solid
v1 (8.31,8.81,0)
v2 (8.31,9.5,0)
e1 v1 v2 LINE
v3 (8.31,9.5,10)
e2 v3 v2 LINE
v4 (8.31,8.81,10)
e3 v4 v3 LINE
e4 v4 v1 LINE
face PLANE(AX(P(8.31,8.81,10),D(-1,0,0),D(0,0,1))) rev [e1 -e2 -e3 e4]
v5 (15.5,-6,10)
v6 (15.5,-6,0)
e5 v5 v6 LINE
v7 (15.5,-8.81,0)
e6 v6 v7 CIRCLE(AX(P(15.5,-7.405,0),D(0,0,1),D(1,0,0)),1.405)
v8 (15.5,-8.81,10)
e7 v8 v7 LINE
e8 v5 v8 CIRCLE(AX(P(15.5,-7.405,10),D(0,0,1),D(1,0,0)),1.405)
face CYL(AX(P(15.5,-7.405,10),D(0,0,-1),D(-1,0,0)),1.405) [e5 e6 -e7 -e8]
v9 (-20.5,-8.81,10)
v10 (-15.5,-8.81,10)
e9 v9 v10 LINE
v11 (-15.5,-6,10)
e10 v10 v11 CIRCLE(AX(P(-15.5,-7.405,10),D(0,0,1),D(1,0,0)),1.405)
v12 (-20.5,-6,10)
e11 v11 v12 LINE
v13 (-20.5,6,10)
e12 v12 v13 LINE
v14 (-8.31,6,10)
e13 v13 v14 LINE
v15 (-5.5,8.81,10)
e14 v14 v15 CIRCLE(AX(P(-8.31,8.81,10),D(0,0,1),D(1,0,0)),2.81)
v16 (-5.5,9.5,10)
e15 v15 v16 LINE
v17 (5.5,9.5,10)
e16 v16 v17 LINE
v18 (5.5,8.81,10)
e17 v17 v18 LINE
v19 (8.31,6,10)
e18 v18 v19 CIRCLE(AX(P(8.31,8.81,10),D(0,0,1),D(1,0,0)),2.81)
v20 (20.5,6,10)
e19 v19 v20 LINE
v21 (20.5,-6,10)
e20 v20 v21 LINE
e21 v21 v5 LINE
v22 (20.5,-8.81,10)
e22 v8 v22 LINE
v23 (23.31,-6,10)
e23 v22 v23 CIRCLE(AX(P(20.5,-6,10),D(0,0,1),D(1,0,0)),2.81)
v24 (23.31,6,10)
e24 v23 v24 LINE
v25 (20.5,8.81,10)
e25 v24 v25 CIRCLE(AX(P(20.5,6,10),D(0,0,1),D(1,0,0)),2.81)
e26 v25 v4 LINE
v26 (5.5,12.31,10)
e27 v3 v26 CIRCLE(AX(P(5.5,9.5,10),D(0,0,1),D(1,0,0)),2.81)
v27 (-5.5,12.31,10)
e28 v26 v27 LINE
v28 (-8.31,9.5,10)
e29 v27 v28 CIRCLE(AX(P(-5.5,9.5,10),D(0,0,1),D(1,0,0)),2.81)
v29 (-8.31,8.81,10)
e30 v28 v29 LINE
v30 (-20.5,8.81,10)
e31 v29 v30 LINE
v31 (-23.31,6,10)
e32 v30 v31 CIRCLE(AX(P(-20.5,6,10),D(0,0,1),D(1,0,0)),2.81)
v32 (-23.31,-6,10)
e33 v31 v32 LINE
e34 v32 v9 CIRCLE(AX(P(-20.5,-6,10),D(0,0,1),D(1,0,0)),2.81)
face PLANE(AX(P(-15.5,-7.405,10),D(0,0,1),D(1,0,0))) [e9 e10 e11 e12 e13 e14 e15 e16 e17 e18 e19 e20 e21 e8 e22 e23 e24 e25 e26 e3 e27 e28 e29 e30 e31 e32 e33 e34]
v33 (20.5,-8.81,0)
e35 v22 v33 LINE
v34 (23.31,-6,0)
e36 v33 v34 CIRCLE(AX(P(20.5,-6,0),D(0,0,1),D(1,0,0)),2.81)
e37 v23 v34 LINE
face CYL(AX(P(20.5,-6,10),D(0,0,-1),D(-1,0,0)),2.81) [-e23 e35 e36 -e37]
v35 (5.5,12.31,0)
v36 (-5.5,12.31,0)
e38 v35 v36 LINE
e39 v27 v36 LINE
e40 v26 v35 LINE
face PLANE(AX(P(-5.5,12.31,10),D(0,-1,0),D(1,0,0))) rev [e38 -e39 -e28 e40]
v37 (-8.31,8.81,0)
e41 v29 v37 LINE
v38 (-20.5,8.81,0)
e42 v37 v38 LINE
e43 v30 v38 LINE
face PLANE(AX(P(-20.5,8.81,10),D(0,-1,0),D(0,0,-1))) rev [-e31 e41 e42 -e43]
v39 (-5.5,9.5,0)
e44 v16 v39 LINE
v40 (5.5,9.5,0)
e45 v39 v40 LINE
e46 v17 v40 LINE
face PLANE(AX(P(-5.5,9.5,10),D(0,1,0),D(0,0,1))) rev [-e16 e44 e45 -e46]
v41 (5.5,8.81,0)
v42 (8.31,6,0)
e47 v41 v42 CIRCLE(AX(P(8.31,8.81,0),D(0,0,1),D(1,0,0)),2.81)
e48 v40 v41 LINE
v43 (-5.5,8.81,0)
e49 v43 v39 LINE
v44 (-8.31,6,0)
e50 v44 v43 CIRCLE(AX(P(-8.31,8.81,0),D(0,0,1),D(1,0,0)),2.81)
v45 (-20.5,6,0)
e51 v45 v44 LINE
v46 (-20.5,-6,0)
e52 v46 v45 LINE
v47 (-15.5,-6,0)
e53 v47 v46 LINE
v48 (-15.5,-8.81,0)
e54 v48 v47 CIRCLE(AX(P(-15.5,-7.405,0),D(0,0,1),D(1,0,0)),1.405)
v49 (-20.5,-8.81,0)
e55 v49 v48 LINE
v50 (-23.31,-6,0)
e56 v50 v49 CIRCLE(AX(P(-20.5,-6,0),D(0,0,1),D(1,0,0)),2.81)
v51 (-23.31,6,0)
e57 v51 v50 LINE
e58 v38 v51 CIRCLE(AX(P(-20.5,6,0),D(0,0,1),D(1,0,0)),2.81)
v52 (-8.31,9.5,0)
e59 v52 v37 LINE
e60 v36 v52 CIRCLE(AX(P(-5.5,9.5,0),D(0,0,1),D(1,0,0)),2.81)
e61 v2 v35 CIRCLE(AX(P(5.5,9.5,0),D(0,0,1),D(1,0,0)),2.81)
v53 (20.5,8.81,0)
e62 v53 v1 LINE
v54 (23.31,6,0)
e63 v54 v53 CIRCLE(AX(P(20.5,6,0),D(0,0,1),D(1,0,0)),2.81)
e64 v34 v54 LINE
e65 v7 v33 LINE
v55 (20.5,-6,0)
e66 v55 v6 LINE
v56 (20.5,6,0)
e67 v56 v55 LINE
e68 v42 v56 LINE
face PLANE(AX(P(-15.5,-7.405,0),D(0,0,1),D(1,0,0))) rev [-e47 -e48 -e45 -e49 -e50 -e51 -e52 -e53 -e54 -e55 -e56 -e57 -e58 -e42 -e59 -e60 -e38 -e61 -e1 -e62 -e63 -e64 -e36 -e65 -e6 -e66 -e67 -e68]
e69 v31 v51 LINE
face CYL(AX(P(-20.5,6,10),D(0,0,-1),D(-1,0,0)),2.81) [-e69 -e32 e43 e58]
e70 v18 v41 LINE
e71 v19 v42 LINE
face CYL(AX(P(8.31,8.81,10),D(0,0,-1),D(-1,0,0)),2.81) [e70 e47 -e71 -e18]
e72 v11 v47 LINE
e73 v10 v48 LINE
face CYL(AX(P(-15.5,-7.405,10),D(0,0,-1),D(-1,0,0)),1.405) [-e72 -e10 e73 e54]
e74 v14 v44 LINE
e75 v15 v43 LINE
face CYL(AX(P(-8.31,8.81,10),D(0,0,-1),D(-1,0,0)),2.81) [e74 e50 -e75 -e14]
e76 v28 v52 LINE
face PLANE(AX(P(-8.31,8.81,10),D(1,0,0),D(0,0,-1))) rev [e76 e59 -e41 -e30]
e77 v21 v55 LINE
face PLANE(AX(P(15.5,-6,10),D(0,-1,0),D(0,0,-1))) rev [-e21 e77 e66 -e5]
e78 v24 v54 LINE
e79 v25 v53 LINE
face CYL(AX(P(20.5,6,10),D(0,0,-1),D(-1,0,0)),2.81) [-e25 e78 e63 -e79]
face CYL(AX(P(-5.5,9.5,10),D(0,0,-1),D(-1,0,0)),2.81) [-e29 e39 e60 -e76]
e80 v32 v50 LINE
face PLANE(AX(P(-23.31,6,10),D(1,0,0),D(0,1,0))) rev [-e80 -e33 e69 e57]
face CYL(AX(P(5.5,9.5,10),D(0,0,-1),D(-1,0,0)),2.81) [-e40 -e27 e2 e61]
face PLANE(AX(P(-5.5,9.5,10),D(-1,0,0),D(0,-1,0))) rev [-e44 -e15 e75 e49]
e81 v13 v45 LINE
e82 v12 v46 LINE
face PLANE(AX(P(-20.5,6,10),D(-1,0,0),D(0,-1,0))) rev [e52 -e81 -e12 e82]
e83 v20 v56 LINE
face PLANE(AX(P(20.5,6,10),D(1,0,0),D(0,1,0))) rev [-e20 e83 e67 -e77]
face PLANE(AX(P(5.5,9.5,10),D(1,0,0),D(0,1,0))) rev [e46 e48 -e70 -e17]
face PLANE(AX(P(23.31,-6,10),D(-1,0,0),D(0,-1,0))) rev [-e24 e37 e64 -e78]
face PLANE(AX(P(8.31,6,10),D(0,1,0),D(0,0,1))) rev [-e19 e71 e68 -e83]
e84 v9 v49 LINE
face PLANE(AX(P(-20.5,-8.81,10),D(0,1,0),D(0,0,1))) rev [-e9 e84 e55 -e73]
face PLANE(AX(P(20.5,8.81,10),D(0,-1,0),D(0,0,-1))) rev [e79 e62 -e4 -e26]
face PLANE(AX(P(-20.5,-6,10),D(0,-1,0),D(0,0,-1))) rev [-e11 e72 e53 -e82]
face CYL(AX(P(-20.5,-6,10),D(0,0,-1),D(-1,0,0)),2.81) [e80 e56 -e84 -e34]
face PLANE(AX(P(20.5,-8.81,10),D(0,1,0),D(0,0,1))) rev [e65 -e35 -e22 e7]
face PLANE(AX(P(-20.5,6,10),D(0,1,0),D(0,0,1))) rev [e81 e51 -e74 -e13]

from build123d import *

# Parameters (mm, degrees)
BOSS_EXTRUDE1_DEPTH = 10


with BuildPart() as part:
    # Sketch1 → Boss-Extrude1 (new body)
    with BuildSketch(Plane.XY):
        with BuildLine():
            Line((-20.5, -6), (-15.5, -6))
            ThreePointArc((-15.5, -6), (-14.095, -7.405), (-15.5, -8.81))
            Line((-15.5, -8.81), (-20.5, -8.81))
            ThreePointArc((-20.5, -8.81), (-22.486970055, -7.986970055), (-23.31, -6))
            Line((-23.31, -6), (-23.31, 6))
            ThreePointArc((-23.31, 6), (-22.486970055, 7.986970055), (-20.5, 8.81))
            Line((-20.5, 8.81), (-8.31, 8.81))
            Line((-8.31, 8.81), (-8.31, 9.5))
            ThreePointArc((-8.31, 9.5), (-7.486970055, 11.486970055), (-5.5, 12.31))
            Line((-5.5, 12.31), (5.5, 12.31))
            ThreePointArc((5.5, 12.31), (7.486970055, 11.486970055), (8.31, 9.5))
            Line((8.31, 9.5), (8.31, 8.81))
            Line((8.31, 8.81), (20.5, 8.81))
            ThreePointArc((20.5, 8.81), (22.486970055, 7.986970055), (23.31, 6))
            Line((23.31, 6), (23.31, -6))
            ThreePointArc((23.31, -6), (22.486970055, -7.986970055), (20.5, -8.81))
            Line((20.5, -8.81), (15.5, -8.81))
            ThreePointArc((15.5, -8.81), (14.095, -7.405), (15.5, -6))
            Line((15.5, -6), (20.5, -6))
            Line((20.5, -6), (20.5, 6))
            Line((20.5, 6), (8.31, 6))
            ThreePointArc((8.31, 6), (6.323029945, 6.823029945), (5.5, 8.81))
            Line((5.5, 8.81), (5.5, 9.5))
            Line((5.5, 9.5), (-5.5, 9.5))
            Line((-5.5, 9.5), (-5.5, 8.81))
            ThreePointArc((-5.5, 8.81), (-6.323029945, 6.823029945), (-8.31, 6))
            Line((-8.31, 6), (-20.5, 6))
            Line((-20.5, 6), (-20.5, -6))
        make_face()
    extrude(amount=BOSS_EXTRUDE1_DEPTH)


solid = part.part
